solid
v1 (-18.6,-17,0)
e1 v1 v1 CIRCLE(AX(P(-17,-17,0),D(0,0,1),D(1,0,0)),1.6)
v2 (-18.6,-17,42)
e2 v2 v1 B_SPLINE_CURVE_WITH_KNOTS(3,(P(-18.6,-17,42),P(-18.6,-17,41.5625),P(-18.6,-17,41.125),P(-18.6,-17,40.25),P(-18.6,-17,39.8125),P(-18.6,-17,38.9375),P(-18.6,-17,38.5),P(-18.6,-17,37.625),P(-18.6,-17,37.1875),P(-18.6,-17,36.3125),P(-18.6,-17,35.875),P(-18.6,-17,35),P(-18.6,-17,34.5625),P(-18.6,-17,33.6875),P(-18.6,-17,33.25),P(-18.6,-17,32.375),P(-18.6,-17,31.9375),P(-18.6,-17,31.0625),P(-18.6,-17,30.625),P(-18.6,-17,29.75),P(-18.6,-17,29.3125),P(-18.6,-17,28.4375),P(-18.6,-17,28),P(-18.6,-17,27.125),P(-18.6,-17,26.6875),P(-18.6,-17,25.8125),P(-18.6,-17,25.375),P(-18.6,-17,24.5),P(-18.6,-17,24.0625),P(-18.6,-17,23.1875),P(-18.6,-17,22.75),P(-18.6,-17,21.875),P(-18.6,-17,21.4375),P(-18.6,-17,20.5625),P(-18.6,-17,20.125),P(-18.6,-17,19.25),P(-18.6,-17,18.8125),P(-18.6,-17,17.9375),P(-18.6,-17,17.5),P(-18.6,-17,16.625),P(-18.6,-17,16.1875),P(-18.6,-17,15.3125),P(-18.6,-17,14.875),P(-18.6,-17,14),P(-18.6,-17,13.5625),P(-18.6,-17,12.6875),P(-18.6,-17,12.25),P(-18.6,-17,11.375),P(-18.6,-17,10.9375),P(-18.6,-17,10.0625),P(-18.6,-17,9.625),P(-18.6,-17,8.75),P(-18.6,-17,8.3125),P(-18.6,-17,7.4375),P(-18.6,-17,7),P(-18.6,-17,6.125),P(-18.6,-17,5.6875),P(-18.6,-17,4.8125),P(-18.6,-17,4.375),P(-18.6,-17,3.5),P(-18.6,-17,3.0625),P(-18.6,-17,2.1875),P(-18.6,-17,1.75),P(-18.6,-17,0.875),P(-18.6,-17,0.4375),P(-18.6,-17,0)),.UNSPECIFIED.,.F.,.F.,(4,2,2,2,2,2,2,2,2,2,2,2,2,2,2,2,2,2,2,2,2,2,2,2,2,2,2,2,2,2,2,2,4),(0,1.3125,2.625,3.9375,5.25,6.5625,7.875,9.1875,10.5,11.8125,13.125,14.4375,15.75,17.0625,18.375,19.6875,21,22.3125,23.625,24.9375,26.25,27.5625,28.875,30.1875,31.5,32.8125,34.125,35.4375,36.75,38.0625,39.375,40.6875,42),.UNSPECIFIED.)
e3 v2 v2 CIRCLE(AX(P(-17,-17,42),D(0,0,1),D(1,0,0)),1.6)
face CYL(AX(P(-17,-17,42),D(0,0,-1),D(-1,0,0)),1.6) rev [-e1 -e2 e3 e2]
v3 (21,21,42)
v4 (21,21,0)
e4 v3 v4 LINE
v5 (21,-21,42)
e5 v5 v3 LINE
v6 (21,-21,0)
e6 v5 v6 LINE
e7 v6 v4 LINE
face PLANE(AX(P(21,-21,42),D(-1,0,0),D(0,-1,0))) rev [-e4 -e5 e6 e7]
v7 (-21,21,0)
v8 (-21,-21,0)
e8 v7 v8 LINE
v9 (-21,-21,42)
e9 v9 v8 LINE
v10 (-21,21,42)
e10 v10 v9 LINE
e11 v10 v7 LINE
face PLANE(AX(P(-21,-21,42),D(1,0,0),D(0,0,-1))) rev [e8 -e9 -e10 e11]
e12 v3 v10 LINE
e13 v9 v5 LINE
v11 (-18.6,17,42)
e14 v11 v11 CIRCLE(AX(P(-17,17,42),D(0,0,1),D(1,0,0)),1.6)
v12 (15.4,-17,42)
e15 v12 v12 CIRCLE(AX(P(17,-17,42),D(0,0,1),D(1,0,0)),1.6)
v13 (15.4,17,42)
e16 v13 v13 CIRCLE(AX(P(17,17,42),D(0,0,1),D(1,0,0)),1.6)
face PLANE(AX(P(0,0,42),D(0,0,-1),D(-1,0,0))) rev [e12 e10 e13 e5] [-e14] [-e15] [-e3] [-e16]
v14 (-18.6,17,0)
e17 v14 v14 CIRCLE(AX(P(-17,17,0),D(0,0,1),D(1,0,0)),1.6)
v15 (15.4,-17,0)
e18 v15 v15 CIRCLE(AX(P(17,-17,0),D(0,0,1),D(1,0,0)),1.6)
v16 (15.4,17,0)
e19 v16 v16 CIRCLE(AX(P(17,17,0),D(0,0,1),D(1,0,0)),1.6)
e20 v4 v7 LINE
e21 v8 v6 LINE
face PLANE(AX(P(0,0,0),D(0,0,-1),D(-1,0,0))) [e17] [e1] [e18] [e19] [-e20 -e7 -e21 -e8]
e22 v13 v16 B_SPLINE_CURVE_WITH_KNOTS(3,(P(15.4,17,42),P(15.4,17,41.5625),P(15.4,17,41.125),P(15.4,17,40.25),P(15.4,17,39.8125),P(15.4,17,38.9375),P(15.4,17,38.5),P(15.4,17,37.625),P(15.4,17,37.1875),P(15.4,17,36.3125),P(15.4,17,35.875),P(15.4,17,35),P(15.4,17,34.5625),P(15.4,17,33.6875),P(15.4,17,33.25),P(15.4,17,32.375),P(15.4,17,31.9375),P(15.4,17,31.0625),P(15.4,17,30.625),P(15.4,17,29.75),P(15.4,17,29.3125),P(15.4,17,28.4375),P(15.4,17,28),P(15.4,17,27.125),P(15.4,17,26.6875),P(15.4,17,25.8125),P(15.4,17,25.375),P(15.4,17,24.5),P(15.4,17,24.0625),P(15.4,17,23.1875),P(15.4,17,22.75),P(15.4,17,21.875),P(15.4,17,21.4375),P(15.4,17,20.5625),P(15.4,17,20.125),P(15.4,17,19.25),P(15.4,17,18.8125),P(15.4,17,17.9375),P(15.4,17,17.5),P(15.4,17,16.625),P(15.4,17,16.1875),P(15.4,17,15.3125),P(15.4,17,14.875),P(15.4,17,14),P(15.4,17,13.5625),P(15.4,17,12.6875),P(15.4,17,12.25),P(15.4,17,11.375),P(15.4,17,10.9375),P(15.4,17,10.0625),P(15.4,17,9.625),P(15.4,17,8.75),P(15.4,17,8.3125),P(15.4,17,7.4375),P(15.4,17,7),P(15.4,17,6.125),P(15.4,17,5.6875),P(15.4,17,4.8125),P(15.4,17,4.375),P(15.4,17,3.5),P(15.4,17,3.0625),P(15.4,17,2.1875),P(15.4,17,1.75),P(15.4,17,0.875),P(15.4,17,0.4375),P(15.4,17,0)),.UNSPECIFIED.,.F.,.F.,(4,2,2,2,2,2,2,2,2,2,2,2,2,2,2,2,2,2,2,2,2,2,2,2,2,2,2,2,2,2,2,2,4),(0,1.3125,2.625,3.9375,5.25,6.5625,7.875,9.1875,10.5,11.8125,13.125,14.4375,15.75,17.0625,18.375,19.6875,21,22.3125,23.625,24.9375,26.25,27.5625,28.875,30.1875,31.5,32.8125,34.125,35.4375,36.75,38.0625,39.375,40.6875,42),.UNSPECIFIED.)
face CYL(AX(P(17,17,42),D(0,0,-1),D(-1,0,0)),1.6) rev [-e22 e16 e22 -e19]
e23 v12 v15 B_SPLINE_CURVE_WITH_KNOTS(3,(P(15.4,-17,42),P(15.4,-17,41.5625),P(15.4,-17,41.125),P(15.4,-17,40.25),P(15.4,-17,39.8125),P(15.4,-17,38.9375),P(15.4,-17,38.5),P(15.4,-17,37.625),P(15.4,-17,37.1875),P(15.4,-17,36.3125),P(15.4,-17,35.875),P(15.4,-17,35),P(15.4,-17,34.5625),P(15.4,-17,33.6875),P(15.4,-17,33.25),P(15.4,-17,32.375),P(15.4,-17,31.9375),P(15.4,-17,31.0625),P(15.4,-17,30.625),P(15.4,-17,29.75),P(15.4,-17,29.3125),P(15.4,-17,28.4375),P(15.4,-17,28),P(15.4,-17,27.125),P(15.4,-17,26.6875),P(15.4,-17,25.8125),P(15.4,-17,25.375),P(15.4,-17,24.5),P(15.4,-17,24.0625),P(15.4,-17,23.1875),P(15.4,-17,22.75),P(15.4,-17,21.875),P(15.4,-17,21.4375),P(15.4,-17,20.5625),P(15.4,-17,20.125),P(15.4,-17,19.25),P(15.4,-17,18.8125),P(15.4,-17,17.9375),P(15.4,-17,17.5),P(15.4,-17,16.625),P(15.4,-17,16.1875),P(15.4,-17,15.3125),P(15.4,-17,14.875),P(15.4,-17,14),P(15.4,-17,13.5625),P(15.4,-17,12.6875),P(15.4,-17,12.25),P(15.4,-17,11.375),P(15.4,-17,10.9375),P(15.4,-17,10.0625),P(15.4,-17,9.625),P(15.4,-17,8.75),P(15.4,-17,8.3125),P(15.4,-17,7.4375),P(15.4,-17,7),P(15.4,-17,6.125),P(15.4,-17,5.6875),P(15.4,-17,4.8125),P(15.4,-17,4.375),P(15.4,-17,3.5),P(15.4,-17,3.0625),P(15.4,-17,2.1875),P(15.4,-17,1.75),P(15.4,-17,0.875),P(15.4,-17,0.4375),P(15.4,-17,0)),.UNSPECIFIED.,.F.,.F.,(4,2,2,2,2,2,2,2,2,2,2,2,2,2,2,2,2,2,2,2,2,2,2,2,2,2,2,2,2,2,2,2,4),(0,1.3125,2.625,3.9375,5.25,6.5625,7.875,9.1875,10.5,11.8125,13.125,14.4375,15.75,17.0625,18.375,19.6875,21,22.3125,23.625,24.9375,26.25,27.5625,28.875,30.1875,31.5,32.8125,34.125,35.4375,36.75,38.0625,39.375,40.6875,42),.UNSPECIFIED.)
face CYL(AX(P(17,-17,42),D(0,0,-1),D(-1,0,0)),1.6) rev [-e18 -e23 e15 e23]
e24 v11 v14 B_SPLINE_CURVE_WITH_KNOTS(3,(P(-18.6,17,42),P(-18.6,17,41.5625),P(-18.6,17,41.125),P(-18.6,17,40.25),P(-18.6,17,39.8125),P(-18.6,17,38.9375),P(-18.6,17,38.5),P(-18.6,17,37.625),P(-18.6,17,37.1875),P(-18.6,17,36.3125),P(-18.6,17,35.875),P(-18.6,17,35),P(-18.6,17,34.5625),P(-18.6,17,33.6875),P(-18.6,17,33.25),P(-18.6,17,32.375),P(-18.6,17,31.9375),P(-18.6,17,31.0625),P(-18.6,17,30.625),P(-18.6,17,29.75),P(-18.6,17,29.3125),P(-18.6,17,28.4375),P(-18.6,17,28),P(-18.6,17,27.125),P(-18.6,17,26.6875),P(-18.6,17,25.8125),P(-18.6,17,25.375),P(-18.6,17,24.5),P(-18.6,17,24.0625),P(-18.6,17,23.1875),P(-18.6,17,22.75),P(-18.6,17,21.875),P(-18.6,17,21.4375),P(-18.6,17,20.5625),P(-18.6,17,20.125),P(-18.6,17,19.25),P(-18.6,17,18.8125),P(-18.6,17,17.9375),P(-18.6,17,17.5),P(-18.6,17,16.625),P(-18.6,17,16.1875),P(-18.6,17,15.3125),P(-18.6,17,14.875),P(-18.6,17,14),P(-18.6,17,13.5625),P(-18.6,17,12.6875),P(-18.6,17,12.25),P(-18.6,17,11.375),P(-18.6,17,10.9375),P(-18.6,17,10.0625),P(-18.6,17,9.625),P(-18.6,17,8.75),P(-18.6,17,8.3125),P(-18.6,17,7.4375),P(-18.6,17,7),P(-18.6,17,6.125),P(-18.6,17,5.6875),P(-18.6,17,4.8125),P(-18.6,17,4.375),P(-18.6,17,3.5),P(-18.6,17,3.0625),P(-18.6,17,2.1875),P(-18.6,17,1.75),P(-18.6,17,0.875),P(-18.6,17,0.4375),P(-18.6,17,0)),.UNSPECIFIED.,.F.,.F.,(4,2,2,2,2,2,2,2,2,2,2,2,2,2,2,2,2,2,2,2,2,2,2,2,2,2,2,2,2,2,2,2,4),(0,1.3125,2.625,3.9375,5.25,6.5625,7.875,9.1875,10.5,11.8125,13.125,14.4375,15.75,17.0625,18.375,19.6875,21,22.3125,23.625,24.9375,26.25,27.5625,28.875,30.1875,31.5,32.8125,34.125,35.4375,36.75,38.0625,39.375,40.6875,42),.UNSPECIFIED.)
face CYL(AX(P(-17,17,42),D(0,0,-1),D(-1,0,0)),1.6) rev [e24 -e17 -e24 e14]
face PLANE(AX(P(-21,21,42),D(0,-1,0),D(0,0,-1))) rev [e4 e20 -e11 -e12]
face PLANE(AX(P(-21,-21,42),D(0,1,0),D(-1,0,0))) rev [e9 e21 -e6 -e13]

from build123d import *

# Parameters (mm, degrees)
SKETCH1_W           = 42
SKETCH1_H           = 42
SKETCH1_R           = 1.6
BOSS_EXTRUDE1_DEPTH = 42


with BuildPart() as part:
    # Sketch1 → Boss-Extrude1 (new body)
    with BuildSketch(Plane.XY):
        Rectangle(SKETCH1_W, SKETCH1_H)
        with Locations(Location((-17, 17, 0), (0, 0, 180))):
            Circle(SKETCH1_R, mode=Mode.SUBTRACT)
        with Locations(Location((-17, -17, 0), (0, 0, 180))):
            Circle(SKETCH1_R, mode=Mode.SUBTRACT)
        with Locations(Location((17, -17, 0), (0, 0, 180))):
            Circle(SKETCH1_R, mode=Mode.SUBTRACT)
        with Locations(Location((17, 17, 0), (0, 0, 180))):
            Circle(SKETCH1_R, mode=Mode.SUBTRACT)
    extrude(amount=BOSS_EXTRUDE1_DEPTH)


solid = part.part
